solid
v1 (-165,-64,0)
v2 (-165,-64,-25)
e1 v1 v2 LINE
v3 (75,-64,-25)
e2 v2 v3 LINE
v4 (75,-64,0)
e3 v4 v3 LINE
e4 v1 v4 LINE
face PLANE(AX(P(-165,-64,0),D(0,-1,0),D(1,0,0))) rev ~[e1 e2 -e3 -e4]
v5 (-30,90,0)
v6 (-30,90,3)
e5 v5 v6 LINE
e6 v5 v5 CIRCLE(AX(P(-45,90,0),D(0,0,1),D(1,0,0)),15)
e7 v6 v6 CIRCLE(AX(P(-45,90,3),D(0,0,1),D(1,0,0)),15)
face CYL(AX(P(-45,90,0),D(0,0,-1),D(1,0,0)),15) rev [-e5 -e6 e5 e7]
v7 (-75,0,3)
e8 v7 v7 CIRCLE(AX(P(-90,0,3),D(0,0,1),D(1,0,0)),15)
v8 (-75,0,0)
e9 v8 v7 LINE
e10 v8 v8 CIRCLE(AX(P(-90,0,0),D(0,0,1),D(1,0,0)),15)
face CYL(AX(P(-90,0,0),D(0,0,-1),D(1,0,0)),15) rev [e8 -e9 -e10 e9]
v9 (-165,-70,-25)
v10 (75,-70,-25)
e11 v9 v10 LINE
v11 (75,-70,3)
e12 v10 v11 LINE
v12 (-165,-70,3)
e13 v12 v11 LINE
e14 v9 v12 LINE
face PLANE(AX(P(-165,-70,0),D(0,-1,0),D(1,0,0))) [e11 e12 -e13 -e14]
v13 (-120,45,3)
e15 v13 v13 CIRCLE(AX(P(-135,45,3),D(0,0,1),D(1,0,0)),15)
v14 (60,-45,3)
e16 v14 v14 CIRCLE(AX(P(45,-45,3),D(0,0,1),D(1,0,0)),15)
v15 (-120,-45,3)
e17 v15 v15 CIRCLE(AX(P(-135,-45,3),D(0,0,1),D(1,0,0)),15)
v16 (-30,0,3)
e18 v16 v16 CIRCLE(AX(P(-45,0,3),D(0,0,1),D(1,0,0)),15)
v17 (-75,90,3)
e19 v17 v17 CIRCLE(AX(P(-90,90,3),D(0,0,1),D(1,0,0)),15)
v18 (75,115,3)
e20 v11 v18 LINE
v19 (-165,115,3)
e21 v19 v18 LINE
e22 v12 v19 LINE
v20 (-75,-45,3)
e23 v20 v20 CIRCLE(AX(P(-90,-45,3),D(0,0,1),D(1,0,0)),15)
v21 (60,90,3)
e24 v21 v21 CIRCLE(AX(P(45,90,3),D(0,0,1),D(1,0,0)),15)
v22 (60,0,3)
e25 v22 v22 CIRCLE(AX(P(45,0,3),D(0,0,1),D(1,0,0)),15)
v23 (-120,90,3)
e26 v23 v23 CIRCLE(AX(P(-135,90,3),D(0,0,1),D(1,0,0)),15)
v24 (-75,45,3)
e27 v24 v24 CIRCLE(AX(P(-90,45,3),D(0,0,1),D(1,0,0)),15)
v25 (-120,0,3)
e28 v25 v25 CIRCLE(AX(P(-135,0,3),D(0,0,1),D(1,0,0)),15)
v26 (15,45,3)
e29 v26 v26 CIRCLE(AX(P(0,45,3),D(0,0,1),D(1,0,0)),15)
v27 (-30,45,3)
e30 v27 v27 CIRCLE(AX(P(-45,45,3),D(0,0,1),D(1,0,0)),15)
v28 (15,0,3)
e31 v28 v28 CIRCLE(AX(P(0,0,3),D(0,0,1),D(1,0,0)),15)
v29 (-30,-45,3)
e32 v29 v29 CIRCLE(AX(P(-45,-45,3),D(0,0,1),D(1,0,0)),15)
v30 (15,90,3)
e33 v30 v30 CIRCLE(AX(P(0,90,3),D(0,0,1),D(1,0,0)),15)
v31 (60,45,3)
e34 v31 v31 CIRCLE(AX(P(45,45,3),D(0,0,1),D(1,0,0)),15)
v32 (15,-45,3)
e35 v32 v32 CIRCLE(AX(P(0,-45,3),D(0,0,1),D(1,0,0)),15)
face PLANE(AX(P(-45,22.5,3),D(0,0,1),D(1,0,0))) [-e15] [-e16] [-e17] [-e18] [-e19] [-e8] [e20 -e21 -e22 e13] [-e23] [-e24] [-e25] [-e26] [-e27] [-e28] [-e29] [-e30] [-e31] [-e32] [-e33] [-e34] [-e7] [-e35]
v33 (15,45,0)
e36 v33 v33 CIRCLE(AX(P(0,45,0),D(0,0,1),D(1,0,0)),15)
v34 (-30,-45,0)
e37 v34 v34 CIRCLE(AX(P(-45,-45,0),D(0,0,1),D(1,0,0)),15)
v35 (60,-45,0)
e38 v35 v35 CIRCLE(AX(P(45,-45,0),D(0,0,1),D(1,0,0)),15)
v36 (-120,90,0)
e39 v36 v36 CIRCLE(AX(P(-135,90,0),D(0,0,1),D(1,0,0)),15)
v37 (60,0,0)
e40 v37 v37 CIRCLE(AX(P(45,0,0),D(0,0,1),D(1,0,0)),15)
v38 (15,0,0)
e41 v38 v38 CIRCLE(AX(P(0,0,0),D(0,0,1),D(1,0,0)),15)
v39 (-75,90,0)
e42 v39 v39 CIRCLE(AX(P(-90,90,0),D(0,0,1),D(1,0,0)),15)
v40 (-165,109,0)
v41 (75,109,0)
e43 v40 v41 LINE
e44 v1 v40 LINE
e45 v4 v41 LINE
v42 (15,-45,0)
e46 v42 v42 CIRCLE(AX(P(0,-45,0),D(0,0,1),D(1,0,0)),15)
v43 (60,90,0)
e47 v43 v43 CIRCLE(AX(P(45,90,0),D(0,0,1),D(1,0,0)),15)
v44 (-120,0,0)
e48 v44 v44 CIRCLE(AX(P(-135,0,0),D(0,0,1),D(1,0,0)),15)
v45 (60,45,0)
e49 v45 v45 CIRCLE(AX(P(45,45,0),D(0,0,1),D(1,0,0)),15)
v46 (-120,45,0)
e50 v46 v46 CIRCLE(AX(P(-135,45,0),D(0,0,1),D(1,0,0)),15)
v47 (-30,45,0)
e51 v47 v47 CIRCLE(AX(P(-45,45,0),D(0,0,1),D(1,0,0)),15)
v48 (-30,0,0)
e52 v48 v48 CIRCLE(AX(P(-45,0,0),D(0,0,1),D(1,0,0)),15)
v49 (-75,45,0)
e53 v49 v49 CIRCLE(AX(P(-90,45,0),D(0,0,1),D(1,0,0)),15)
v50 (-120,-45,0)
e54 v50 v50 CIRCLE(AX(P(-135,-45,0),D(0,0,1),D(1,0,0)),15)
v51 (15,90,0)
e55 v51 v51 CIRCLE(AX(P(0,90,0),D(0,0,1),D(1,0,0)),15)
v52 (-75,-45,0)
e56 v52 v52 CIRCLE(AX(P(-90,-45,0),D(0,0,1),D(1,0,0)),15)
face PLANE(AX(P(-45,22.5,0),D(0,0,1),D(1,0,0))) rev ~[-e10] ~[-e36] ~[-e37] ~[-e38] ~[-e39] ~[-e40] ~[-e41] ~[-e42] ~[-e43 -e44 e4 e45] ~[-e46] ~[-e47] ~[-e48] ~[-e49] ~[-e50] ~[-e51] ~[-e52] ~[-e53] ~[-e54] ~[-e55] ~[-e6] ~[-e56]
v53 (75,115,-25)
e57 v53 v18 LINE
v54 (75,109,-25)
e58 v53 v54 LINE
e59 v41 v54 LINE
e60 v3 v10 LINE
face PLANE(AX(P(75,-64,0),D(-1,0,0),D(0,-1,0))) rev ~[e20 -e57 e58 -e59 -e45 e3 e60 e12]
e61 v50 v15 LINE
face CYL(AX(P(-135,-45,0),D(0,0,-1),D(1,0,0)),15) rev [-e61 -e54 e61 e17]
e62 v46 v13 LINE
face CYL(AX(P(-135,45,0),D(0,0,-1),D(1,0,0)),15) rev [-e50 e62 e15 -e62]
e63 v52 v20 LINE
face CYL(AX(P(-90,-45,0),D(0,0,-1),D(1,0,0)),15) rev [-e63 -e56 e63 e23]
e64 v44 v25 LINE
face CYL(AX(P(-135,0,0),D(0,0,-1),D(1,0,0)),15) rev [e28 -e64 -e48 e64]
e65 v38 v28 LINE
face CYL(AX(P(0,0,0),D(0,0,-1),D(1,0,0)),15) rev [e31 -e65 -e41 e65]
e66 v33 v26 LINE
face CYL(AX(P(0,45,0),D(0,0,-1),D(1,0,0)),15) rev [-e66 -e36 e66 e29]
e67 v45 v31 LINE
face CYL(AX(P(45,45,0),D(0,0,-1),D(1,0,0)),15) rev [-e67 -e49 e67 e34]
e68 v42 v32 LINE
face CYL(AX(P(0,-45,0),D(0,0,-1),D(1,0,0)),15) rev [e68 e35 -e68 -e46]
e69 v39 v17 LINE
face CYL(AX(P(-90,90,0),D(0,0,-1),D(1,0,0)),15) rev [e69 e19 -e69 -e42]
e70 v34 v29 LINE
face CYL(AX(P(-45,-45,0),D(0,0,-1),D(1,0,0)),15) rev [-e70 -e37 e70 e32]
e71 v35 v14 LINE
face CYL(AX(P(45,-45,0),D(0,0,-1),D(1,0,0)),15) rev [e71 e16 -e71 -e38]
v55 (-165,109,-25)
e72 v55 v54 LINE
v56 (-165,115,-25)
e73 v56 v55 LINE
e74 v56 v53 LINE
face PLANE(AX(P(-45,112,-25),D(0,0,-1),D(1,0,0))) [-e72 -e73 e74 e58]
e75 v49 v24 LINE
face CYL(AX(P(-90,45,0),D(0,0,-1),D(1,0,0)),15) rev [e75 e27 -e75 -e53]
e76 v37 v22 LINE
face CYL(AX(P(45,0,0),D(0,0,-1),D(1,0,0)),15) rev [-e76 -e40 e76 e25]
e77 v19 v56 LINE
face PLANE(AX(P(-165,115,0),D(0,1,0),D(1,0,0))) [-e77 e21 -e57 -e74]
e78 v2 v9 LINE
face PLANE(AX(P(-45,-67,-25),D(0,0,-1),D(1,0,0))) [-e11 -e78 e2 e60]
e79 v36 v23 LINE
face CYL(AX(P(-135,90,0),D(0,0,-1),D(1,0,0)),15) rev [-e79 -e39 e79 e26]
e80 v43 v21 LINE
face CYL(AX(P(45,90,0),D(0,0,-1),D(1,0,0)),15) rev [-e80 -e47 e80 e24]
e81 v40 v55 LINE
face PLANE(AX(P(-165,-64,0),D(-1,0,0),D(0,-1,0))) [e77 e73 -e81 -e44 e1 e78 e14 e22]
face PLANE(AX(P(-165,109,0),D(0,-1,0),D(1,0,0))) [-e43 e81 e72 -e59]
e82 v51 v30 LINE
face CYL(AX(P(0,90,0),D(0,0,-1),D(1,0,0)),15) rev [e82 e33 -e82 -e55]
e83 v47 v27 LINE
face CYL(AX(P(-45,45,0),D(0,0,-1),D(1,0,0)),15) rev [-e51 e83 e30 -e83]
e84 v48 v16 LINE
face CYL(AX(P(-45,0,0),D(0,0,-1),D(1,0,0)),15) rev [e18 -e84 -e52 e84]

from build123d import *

# Parameters (mm, degrees)
F0_W     = 240
F0_H     = 185
F0_R     = 15
F1_DEPTH = 3
F2_W     = 240
F2_H     = 6
F3_DEPTH = 25


with BuildPart() as f1:
    # F0 (on Top) → F1 (new body)
    with BuildSketch(Plane.XY):
        with Locations((-45, 22.5)):
            Rectangle(F0_W, F0_H)
        with Locations((-135, -45)):
            Circle(F0_R, mode=Mode.SUBTRACT)
        with Locations((-90, -45)):
            Circle(F0_R, mode=Mode.SUBTRACT)
        with Locations((-135, 0)):
            Circle(F0_R, mode=Mode.SUBTRACT)
        with Locations((-90, 0)):
            Circle(F0_R, mode=Mode.SUBTRACT)
        with Locations((-45, -45)):
            Circle(F0_R, mode=Mode.SUBTRACT)
        with Locations((0, -45)):
            Circle(F0_R, mode=Mode.SUBTRACT)
        with Locations((45, -45)):
            Circle(F0_R, mode=Mode.SUBTRACT)
        with Locations((-45, 0)):
            Circle(F0_R, mode=Mode.SUBTRACT)
        Circle(F0_R, mode=Mode.SUBTRACT)
        with Locations((45, 0)):
            Circle(F0_R, mode=Mode.SUBTRACT)
        with Locations((-135, 45)):
            Circle(F0_R, mode=Mode.SUBTRACT)
        with Locations((-90, 45)):
            Circle(F0_R, mode=Mode.SUBTRACT)
        with Locations((-135, 90)):
            Circle(F0_R, mode=Mode.SUBTRACT)
        with Locations((-90, 90)):
            Circle(F0_R, mode=Mode.SUBTRACT)
        with Locations((-45, 45)):
            Circle(F0_R, mode=Mode.SUBTRACT)
        with Locations((0, 45)):
            Circle(F0_R, mode=Mode.SUBTRACT)
        with Locations((45, 45)):
            Circle(F0_R, mode=Mode.SUBTRACT)
        with Locations((-45, 90)):
            Circle(F0_R, mode=Mode.SUBTRACT)
        with Locations((0, 90)):
            Circle(F0_R, mode=Mode.SUBTRACT)
        with Locations((45, 90)):
            Circle(F0_R, mode=Mode.SUBTRACT)
    extrude(amount=F1_DEPTH)

    # F2 (on face) → F3 (join)
    with BuildSketch(Plane(origin=(0, 0, 0), x_dir=(1, 0, 0), z_dir=(0, 0, -1))):
        with Locations((-45, 67)):
            Rectangle(F2_W, F2_H)
        with Locations((-45, -112)):
            Rectangle(F2_W, F2_H)
    extrude(amount=F3_DEPTH)


solid = f1.part
